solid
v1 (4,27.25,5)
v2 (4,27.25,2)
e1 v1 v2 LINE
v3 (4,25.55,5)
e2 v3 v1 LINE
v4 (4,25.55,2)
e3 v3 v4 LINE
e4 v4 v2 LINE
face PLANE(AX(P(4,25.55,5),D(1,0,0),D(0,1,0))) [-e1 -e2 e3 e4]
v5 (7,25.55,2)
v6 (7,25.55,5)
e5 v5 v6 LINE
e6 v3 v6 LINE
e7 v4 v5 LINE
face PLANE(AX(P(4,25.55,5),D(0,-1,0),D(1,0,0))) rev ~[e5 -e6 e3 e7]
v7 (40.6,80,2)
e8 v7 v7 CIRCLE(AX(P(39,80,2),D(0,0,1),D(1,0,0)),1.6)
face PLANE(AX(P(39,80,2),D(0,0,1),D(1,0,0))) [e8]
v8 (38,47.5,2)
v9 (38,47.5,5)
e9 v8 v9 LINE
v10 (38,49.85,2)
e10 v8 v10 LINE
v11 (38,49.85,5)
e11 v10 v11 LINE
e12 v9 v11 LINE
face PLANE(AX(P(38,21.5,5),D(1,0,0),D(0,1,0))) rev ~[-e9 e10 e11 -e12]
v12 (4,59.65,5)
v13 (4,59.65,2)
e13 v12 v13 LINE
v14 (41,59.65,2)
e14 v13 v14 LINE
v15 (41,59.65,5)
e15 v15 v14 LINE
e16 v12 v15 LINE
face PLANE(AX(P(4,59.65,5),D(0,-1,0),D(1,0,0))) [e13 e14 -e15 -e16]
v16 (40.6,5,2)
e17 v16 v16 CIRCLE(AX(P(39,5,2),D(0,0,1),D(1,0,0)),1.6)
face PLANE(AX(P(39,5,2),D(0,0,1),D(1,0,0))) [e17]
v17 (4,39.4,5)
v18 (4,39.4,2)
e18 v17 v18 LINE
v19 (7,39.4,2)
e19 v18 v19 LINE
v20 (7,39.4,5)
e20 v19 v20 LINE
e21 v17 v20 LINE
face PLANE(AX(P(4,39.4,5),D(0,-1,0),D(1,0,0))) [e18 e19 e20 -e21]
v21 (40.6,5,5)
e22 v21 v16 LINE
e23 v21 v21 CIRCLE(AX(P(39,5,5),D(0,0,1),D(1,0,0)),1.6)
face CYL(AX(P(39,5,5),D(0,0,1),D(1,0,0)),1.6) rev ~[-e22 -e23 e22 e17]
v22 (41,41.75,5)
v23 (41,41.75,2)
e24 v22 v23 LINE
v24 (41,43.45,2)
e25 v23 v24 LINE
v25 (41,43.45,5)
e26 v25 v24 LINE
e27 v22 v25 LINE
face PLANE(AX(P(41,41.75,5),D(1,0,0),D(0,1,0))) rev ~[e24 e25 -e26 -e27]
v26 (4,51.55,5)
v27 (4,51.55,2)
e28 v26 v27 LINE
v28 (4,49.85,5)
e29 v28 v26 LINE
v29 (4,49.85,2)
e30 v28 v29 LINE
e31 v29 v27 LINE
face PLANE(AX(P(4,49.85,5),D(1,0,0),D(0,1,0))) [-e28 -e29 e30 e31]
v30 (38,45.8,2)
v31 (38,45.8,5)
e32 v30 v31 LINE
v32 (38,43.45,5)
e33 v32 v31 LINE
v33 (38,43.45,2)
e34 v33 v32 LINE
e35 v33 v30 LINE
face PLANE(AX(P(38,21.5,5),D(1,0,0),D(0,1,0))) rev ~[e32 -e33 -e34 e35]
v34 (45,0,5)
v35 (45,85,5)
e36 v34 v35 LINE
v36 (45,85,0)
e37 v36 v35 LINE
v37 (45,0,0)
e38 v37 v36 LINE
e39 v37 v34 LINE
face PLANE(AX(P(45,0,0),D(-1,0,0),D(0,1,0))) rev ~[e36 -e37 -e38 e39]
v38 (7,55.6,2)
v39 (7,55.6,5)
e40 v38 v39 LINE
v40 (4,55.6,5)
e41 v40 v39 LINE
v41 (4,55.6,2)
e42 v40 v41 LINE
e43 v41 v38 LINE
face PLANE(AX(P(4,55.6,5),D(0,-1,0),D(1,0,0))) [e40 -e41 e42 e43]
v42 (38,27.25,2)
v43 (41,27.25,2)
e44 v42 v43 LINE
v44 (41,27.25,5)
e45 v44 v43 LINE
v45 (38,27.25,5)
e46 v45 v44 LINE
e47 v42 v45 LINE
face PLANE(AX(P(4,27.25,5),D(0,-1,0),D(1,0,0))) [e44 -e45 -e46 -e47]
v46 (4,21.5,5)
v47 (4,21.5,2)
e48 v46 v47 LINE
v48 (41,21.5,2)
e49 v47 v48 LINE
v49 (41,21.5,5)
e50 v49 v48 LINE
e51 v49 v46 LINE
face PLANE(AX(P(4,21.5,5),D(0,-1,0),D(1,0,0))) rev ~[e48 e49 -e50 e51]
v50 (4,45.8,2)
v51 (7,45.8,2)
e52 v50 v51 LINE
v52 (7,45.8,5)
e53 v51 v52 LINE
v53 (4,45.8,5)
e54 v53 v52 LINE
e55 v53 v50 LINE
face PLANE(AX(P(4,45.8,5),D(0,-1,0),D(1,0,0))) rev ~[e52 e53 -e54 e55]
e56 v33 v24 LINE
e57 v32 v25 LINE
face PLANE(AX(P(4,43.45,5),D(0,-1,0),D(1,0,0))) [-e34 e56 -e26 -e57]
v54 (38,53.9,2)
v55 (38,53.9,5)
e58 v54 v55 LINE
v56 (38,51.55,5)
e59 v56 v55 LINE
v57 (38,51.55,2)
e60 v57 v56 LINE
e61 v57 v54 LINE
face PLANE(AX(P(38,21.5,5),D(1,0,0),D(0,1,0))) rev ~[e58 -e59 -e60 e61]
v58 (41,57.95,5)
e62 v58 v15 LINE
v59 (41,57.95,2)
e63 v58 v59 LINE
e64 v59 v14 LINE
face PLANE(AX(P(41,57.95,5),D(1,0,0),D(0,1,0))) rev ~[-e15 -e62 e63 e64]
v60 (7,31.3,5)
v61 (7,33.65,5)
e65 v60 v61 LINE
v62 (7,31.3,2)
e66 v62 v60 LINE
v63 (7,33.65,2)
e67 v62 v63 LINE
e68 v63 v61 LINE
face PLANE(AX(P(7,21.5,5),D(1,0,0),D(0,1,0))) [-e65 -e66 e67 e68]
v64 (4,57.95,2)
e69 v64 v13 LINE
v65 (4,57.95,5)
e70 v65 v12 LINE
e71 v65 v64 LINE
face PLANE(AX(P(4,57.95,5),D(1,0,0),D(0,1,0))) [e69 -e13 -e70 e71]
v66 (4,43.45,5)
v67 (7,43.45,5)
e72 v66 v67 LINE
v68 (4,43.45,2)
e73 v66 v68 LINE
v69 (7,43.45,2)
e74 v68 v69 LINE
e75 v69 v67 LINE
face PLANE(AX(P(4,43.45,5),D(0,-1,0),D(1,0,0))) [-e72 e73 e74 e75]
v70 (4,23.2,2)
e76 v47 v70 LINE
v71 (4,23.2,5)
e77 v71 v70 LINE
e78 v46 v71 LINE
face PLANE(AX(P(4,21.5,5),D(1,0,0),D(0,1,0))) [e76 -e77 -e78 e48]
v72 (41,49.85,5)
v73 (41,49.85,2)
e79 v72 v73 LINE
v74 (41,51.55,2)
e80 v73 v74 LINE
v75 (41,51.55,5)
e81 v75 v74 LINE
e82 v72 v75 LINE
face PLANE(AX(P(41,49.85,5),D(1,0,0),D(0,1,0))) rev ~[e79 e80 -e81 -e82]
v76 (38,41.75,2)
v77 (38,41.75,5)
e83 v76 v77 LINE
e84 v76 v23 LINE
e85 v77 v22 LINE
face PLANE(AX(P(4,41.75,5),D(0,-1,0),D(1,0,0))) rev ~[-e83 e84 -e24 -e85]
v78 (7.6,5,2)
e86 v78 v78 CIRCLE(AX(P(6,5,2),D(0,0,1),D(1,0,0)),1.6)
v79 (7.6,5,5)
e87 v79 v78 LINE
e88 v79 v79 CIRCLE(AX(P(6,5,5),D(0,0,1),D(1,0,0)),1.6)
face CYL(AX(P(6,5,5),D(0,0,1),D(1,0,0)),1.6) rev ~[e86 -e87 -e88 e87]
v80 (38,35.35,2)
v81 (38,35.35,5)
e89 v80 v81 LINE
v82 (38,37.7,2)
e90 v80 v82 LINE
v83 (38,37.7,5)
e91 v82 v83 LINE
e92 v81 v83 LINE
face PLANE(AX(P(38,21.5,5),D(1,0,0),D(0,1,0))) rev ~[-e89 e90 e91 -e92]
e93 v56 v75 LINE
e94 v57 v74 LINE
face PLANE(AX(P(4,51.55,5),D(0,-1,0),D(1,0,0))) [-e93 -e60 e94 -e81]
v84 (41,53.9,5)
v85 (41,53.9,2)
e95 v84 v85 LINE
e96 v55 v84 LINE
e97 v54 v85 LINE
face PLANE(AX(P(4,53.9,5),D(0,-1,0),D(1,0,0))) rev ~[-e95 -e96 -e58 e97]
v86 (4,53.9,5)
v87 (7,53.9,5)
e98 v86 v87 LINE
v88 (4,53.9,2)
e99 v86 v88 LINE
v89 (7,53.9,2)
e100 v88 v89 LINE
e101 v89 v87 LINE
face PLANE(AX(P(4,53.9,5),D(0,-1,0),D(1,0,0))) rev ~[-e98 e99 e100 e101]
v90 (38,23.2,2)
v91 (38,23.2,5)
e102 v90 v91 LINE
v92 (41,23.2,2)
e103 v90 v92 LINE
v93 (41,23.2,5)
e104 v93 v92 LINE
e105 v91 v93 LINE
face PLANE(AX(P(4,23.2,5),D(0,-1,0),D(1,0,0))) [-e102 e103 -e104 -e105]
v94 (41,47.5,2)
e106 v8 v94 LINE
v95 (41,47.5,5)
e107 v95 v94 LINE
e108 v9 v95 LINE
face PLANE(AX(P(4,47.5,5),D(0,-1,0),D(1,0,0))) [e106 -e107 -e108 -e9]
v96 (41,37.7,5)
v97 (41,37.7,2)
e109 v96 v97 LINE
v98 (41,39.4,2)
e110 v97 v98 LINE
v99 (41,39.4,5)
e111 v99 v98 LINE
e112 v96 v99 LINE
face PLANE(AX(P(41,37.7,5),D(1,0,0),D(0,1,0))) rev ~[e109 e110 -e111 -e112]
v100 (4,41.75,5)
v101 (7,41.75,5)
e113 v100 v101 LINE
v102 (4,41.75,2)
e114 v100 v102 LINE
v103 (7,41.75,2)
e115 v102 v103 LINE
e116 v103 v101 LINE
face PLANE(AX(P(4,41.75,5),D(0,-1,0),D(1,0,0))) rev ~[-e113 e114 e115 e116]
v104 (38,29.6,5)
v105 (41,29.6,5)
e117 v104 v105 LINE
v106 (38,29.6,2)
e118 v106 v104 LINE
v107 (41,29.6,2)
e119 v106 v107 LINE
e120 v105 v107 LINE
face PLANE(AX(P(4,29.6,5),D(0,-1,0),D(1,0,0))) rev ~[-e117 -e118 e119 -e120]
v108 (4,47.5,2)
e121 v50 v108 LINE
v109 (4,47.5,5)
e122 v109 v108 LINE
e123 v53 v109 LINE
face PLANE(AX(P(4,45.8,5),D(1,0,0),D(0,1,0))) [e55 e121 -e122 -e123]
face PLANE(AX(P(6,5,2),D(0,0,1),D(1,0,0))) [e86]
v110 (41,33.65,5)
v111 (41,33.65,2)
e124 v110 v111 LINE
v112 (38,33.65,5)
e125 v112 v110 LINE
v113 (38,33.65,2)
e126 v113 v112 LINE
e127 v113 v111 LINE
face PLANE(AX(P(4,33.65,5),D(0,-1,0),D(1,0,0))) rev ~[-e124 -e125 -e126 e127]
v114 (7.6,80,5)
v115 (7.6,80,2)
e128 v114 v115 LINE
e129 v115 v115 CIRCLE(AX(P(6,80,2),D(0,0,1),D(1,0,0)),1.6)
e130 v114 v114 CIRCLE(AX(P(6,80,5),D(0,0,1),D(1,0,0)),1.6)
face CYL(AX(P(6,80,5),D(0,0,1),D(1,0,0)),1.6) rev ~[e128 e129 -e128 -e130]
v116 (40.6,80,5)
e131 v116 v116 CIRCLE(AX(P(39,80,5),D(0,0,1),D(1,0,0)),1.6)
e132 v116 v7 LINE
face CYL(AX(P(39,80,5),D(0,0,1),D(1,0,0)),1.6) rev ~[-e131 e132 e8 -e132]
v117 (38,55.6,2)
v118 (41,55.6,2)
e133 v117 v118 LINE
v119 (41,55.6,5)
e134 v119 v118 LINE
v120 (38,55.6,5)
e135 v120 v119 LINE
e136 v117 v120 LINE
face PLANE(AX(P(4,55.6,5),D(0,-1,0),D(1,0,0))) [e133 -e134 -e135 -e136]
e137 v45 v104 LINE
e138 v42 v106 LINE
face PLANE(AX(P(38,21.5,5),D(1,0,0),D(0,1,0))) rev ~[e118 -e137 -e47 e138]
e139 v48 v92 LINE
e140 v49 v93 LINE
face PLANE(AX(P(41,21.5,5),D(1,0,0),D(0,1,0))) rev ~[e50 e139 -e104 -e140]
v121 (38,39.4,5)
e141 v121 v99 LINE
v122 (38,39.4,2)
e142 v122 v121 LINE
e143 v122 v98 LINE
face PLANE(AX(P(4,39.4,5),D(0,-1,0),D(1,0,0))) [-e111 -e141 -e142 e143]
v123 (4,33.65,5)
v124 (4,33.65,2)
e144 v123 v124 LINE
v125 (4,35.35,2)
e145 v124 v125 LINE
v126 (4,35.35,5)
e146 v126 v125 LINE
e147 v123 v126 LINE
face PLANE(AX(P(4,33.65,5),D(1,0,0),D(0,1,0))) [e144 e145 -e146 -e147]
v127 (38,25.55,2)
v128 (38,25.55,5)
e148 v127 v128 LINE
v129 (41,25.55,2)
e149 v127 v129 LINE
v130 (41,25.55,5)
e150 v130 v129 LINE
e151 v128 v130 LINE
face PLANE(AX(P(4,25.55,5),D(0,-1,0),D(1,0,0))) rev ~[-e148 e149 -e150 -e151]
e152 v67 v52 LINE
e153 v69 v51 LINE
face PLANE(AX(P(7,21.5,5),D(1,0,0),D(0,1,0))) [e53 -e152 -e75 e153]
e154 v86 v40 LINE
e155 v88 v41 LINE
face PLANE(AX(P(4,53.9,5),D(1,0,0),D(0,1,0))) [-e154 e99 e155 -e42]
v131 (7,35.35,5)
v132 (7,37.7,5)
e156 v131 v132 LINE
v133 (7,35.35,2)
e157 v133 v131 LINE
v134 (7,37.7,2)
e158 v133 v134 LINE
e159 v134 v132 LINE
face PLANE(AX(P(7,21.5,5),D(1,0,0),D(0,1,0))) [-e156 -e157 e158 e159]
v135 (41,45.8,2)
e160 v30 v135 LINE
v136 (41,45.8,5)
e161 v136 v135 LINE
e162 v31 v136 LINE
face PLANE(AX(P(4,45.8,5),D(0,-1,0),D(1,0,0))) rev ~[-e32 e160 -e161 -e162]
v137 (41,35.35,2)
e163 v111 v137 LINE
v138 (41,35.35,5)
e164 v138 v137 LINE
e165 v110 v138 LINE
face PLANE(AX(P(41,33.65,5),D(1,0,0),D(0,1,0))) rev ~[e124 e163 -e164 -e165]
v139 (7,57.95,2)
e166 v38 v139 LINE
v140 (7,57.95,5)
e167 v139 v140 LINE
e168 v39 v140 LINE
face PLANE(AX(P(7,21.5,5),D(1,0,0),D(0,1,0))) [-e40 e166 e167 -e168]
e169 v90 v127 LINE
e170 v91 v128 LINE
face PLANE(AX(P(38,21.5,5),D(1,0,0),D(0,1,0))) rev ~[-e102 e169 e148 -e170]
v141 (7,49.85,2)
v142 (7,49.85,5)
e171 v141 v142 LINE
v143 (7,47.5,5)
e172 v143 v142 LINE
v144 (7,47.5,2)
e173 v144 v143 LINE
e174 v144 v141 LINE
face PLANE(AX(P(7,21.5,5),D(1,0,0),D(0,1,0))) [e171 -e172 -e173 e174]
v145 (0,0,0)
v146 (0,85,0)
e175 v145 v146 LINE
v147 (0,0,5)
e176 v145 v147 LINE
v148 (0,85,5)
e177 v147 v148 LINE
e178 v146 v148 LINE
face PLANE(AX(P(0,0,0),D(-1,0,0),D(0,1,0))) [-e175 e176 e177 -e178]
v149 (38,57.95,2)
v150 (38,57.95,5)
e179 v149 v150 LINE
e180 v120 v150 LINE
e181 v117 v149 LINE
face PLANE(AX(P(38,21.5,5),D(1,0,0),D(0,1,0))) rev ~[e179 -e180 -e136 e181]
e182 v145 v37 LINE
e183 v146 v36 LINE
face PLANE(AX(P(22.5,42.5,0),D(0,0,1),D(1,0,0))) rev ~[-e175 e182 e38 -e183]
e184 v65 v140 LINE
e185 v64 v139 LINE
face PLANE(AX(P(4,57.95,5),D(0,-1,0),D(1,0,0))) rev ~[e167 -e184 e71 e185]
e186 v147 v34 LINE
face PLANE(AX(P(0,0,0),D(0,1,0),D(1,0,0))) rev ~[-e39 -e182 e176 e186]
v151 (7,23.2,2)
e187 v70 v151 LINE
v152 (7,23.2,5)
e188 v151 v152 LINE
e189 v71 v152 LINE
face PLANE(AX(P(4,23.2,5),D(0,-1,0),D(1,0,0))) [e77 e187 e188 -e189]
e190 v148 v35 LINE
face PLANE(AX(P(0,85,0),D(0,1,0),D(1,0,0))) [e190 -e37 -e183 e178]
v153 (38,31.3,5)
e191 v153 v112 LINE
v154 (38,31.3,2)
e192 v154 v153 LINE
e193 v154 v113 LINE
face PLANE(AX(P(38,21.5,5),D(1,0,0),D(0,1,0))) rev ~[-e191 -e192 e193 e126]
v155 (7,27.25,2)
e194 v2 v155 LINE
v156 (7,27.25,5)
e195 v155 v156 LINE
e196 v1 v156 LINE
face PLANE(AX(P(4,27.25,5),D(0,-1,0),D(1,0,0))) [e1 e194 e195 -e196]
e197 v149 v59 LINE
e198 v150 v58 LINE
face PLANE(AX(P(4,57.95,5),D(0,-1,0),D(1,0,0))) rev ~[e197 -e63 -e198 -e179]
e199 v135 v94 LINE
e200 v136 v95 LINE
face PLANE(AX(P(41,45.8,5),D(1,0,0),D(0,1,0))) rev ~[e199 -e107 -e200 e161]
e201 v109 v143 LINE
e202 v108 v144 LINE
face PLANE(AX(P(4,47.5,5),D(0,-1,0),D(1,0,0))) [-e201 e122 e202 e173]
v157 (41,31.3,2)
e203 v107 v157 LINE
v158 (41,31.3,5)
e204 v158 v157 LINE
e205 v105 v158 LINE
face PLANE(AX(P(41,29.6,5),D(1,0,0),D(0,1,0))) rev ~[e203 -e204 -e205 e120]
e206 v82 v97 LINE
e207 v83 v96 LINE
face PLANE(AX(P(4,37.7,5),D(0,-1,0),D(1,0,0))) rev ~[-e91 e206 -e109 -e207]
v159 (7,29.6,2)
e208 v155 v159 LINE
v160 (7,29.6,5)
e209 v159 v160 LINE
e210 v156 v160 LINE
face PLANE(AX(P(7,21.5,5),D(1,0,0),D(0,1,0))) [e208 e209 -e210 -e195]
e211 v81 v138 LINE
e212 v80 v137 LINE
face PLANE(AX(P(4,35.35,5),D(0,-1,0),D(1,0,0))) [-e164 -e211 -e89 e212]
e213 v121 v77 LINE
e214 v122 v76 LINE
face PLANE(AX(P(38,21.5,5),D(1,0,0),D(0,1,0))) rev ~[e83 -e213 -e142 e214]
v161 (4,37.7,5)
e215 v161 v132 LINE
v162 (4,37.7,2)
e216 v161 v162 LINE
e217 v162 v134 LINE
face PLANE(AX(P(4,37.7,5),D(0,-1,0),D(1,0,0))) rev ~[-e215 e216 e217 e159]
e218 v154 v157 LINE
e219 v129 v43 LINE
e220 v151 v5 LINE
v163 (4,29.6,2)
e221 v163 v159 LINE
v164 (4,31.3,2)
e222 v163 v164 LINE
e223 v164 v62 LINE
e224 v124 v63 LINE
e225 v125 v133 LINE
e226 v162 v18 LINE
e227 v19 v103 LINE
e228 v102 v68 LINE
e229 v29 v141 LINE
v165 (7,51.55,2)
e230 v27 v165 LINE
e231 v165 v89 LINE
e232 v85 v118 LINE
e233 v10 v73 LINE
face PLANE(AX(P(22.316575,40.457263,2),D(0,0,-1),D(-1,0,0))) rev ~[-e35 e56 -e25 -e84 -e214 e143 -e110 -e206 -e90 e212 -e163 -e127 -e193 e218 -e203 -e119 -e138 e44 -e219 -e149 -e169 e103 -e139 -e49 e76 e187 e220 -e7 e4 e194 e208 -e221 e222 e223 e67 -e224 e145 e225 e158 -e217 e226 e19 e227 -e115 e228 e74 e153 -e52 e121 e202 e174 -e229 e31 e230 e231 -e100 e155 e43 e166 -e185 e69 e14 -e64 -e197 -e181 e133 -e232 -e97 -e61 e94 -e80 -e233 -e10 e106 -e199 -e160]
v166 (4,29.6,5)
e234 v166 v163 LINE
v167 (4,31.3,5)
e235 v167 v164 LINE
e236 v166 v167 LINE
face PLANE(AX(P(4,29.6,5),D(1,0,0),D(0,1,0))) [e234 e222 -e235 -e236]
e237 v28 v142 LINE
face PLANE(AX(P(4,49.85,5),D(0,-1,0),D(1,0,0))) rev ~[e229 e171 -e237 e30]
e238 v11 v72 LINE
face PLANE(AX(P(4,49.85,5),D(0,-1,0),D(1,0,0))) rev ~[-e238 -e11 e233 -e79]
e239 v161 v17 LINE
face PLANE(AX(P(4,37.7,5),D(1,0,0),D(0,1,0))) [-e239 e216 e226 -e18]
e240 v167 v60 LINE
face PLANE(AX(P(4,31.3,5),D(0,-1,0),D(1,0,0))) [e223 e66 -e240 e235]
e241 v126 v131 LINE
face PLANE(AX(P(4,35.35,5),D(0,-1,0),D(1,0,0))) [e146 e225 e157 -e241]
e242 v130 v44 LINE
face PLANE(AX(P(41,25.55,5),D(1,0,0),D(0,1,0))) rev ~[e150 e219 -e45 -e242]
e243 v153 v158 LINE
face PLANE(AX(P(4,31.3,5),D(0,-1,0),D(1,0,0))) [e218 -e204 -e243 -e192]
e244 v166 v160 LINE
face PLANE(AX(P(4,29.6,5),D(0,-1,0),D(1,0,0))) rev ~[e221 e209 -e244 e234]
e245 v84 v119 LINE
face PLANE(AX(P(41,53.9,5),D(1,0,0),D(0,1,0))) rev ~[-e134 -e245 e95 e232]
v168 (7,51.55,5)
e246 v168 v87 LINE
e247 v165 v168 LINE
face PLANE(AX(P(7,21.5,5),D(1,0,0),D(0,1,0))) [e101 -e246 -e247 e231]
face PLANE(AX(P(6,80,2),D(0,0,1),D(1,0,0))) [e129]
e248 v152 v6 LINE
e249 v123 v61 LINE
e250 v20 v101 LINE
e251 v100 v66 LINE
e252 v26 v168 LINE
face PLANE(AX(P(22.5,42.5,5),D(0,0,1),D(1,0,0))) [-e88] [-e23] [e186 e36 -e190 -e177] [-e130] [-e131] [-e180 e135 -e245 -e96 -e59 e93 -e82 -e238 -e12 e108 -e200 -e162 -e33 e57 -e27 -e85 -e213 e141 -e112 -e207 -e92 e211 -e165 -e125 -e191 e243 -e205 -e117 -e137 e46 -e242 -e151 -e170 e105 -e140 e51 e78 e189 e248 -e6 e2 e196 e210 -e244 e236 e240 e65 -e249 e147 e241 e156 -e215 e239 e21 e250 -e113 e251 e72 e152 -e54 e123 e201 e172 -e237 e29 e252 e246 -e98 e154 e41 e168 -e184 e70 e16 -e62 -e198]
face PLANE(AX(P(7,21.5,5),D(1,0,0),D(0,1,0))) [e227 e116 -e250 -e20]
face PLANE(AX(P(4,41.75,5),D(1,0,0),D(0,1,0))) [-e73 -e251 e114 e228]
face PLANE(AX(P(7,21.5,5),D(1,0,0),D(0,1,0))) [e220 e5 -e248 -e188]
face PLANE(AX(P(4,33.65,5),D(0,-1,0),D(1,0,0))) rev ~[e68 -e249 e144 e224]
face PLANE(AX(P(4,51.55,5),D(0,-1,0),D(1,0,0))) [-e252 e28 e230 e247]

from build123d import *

# Parameters (mm, degrees)
SKIZZE1_W                       = 45
SKIZZE1_H                       = 85
AUFSATZ_LINEAR_AUSTRAGEN1_DEPTH = 5
SKIZZE6_R                       = 1.6
SCHNITT_LINEAR_AUSTRAGEN2_DEPTH = 3
SKIZZE7_W                       = 37
SKIZZE7_H                       = 1.7
SCHNITT_LINEAR_AUSTRAGEN3_DEPTH = 10
SKIZZE8_W                       = 31
SKIZZE8_H                       = 38.15
SCHNITT_LINEAR_AUSTRAGEN4_DEPTH = 10
SKIZZE9_W                       = 38.051320542
SKIZZE9_H                       = 40.768170305
AUFSATZ_LINEAR_AUSTRAGEN2_DEPTH = 2


with BuildPart() as part:
    # Skizze1 → Aufsatz-Linear austragen1 (new body)
    with BuildSketch(Plane.XY):
        with Locations((22.5, 42.5)):
            Rectangle(SKIZZE1_W, SKIZZE1_H)
    extrude(amount=AUFSATZ_LINEAR_AUSTRAGEN1_DEPTH)

    # Skizze6 → Schnitt-Linear austragen2 (cut)
    with BuildSketch(Plane.XY.offset(5)):
        with Locations((6, 80)):
            Circle(SKIZZE6_R)
        with Locations((39, 80)):
            Circle(SKIZZE6_R)
        with Locations((39, 5)):
            Circle(SKIZZE6_R)
        with Locations((6, 5)):
            Circle(SKIZZE6_R)
    extrude(amount=-SCHNITT_LINEAR_AUSTRAGEN2_DEPTH, mode=Mode.SUBTRACT)

    # Skizze7 → Schnitt-Linear austragen3 (cut)
    with BuildSketch(Plane.XY.offset(5)):
        with Locations((22.5, 58.8)):
            Rectangle(SKIZZE7_W, SKIZZE7_H)
        with Locations((22.5, 54.75)):
            Rectangle(SKIZZE7_W, SKIZZE7_H)
        with Locations((22.5, 50.7)):
            Rectangle(SKIZZE7_W, SKIZZE7_H)
        with Locations((22.5, 46.65)):
            Rectangle(SKIZZE7_W, SKIZZE7_H)
        with Locations((22.5, 42.6)):
            Rectangle(SKIZZE7_W, SKIZZE7_H)
        with Locations((22.5, 38.55)):
            Rectangle(SKIZZE7_W, SKIZZE7_H)
        with Locations((22.5, 34.5)):
            Rectangle(SKIZZE7_W, SKIZZE7_H)
        with Locations((22.5, 30.45)):
            Rectangle(SKIZZE7_W, SKIZZE7_H)
        with Locations((22.5, 26.4)):
            Rectangle(SKIZZE7_W, SKIZZE7_H)
        with Locations((22.5, 22.35)):
            Rectangle(SKIZZE7_W, SKIZZE7_H)
    extrude(amount=-SCHNITT_LINEAR_AUSTRAGEN3_DEPTH, mode=Mode.SUBTRACT)

    # Skizze8 → Schnitt-Linear austragen4 (cut)
    with BuildSketch(Plane.XY.offset(5)):
        with Locations((22.5, 40.575)):
            Rectangle(SKIZZE8_W, SKIZZE8_H)
    extrude(amount=-SCHNITT_LINEAR_AUSTRAGEN4_DEPTH, mode=Mode.SUBTRACT)

    # Skizze9 → Aufsatz-Linear austragen2 (add)
    with BuildSketch(Plane(origin=(0, 0, 0), x_dir=(-1, 0, 0), z_dir=(0, 0, -1))):
        with Locations((-22.316575494, 40.457263066)):
            Rectangle(SKIZZE9_W, SKIZZE9_H)
    extrude(amount=-AUFSATZ_LINEAR_AUSTRAGEN2_DEPTH)


solid = part.part
